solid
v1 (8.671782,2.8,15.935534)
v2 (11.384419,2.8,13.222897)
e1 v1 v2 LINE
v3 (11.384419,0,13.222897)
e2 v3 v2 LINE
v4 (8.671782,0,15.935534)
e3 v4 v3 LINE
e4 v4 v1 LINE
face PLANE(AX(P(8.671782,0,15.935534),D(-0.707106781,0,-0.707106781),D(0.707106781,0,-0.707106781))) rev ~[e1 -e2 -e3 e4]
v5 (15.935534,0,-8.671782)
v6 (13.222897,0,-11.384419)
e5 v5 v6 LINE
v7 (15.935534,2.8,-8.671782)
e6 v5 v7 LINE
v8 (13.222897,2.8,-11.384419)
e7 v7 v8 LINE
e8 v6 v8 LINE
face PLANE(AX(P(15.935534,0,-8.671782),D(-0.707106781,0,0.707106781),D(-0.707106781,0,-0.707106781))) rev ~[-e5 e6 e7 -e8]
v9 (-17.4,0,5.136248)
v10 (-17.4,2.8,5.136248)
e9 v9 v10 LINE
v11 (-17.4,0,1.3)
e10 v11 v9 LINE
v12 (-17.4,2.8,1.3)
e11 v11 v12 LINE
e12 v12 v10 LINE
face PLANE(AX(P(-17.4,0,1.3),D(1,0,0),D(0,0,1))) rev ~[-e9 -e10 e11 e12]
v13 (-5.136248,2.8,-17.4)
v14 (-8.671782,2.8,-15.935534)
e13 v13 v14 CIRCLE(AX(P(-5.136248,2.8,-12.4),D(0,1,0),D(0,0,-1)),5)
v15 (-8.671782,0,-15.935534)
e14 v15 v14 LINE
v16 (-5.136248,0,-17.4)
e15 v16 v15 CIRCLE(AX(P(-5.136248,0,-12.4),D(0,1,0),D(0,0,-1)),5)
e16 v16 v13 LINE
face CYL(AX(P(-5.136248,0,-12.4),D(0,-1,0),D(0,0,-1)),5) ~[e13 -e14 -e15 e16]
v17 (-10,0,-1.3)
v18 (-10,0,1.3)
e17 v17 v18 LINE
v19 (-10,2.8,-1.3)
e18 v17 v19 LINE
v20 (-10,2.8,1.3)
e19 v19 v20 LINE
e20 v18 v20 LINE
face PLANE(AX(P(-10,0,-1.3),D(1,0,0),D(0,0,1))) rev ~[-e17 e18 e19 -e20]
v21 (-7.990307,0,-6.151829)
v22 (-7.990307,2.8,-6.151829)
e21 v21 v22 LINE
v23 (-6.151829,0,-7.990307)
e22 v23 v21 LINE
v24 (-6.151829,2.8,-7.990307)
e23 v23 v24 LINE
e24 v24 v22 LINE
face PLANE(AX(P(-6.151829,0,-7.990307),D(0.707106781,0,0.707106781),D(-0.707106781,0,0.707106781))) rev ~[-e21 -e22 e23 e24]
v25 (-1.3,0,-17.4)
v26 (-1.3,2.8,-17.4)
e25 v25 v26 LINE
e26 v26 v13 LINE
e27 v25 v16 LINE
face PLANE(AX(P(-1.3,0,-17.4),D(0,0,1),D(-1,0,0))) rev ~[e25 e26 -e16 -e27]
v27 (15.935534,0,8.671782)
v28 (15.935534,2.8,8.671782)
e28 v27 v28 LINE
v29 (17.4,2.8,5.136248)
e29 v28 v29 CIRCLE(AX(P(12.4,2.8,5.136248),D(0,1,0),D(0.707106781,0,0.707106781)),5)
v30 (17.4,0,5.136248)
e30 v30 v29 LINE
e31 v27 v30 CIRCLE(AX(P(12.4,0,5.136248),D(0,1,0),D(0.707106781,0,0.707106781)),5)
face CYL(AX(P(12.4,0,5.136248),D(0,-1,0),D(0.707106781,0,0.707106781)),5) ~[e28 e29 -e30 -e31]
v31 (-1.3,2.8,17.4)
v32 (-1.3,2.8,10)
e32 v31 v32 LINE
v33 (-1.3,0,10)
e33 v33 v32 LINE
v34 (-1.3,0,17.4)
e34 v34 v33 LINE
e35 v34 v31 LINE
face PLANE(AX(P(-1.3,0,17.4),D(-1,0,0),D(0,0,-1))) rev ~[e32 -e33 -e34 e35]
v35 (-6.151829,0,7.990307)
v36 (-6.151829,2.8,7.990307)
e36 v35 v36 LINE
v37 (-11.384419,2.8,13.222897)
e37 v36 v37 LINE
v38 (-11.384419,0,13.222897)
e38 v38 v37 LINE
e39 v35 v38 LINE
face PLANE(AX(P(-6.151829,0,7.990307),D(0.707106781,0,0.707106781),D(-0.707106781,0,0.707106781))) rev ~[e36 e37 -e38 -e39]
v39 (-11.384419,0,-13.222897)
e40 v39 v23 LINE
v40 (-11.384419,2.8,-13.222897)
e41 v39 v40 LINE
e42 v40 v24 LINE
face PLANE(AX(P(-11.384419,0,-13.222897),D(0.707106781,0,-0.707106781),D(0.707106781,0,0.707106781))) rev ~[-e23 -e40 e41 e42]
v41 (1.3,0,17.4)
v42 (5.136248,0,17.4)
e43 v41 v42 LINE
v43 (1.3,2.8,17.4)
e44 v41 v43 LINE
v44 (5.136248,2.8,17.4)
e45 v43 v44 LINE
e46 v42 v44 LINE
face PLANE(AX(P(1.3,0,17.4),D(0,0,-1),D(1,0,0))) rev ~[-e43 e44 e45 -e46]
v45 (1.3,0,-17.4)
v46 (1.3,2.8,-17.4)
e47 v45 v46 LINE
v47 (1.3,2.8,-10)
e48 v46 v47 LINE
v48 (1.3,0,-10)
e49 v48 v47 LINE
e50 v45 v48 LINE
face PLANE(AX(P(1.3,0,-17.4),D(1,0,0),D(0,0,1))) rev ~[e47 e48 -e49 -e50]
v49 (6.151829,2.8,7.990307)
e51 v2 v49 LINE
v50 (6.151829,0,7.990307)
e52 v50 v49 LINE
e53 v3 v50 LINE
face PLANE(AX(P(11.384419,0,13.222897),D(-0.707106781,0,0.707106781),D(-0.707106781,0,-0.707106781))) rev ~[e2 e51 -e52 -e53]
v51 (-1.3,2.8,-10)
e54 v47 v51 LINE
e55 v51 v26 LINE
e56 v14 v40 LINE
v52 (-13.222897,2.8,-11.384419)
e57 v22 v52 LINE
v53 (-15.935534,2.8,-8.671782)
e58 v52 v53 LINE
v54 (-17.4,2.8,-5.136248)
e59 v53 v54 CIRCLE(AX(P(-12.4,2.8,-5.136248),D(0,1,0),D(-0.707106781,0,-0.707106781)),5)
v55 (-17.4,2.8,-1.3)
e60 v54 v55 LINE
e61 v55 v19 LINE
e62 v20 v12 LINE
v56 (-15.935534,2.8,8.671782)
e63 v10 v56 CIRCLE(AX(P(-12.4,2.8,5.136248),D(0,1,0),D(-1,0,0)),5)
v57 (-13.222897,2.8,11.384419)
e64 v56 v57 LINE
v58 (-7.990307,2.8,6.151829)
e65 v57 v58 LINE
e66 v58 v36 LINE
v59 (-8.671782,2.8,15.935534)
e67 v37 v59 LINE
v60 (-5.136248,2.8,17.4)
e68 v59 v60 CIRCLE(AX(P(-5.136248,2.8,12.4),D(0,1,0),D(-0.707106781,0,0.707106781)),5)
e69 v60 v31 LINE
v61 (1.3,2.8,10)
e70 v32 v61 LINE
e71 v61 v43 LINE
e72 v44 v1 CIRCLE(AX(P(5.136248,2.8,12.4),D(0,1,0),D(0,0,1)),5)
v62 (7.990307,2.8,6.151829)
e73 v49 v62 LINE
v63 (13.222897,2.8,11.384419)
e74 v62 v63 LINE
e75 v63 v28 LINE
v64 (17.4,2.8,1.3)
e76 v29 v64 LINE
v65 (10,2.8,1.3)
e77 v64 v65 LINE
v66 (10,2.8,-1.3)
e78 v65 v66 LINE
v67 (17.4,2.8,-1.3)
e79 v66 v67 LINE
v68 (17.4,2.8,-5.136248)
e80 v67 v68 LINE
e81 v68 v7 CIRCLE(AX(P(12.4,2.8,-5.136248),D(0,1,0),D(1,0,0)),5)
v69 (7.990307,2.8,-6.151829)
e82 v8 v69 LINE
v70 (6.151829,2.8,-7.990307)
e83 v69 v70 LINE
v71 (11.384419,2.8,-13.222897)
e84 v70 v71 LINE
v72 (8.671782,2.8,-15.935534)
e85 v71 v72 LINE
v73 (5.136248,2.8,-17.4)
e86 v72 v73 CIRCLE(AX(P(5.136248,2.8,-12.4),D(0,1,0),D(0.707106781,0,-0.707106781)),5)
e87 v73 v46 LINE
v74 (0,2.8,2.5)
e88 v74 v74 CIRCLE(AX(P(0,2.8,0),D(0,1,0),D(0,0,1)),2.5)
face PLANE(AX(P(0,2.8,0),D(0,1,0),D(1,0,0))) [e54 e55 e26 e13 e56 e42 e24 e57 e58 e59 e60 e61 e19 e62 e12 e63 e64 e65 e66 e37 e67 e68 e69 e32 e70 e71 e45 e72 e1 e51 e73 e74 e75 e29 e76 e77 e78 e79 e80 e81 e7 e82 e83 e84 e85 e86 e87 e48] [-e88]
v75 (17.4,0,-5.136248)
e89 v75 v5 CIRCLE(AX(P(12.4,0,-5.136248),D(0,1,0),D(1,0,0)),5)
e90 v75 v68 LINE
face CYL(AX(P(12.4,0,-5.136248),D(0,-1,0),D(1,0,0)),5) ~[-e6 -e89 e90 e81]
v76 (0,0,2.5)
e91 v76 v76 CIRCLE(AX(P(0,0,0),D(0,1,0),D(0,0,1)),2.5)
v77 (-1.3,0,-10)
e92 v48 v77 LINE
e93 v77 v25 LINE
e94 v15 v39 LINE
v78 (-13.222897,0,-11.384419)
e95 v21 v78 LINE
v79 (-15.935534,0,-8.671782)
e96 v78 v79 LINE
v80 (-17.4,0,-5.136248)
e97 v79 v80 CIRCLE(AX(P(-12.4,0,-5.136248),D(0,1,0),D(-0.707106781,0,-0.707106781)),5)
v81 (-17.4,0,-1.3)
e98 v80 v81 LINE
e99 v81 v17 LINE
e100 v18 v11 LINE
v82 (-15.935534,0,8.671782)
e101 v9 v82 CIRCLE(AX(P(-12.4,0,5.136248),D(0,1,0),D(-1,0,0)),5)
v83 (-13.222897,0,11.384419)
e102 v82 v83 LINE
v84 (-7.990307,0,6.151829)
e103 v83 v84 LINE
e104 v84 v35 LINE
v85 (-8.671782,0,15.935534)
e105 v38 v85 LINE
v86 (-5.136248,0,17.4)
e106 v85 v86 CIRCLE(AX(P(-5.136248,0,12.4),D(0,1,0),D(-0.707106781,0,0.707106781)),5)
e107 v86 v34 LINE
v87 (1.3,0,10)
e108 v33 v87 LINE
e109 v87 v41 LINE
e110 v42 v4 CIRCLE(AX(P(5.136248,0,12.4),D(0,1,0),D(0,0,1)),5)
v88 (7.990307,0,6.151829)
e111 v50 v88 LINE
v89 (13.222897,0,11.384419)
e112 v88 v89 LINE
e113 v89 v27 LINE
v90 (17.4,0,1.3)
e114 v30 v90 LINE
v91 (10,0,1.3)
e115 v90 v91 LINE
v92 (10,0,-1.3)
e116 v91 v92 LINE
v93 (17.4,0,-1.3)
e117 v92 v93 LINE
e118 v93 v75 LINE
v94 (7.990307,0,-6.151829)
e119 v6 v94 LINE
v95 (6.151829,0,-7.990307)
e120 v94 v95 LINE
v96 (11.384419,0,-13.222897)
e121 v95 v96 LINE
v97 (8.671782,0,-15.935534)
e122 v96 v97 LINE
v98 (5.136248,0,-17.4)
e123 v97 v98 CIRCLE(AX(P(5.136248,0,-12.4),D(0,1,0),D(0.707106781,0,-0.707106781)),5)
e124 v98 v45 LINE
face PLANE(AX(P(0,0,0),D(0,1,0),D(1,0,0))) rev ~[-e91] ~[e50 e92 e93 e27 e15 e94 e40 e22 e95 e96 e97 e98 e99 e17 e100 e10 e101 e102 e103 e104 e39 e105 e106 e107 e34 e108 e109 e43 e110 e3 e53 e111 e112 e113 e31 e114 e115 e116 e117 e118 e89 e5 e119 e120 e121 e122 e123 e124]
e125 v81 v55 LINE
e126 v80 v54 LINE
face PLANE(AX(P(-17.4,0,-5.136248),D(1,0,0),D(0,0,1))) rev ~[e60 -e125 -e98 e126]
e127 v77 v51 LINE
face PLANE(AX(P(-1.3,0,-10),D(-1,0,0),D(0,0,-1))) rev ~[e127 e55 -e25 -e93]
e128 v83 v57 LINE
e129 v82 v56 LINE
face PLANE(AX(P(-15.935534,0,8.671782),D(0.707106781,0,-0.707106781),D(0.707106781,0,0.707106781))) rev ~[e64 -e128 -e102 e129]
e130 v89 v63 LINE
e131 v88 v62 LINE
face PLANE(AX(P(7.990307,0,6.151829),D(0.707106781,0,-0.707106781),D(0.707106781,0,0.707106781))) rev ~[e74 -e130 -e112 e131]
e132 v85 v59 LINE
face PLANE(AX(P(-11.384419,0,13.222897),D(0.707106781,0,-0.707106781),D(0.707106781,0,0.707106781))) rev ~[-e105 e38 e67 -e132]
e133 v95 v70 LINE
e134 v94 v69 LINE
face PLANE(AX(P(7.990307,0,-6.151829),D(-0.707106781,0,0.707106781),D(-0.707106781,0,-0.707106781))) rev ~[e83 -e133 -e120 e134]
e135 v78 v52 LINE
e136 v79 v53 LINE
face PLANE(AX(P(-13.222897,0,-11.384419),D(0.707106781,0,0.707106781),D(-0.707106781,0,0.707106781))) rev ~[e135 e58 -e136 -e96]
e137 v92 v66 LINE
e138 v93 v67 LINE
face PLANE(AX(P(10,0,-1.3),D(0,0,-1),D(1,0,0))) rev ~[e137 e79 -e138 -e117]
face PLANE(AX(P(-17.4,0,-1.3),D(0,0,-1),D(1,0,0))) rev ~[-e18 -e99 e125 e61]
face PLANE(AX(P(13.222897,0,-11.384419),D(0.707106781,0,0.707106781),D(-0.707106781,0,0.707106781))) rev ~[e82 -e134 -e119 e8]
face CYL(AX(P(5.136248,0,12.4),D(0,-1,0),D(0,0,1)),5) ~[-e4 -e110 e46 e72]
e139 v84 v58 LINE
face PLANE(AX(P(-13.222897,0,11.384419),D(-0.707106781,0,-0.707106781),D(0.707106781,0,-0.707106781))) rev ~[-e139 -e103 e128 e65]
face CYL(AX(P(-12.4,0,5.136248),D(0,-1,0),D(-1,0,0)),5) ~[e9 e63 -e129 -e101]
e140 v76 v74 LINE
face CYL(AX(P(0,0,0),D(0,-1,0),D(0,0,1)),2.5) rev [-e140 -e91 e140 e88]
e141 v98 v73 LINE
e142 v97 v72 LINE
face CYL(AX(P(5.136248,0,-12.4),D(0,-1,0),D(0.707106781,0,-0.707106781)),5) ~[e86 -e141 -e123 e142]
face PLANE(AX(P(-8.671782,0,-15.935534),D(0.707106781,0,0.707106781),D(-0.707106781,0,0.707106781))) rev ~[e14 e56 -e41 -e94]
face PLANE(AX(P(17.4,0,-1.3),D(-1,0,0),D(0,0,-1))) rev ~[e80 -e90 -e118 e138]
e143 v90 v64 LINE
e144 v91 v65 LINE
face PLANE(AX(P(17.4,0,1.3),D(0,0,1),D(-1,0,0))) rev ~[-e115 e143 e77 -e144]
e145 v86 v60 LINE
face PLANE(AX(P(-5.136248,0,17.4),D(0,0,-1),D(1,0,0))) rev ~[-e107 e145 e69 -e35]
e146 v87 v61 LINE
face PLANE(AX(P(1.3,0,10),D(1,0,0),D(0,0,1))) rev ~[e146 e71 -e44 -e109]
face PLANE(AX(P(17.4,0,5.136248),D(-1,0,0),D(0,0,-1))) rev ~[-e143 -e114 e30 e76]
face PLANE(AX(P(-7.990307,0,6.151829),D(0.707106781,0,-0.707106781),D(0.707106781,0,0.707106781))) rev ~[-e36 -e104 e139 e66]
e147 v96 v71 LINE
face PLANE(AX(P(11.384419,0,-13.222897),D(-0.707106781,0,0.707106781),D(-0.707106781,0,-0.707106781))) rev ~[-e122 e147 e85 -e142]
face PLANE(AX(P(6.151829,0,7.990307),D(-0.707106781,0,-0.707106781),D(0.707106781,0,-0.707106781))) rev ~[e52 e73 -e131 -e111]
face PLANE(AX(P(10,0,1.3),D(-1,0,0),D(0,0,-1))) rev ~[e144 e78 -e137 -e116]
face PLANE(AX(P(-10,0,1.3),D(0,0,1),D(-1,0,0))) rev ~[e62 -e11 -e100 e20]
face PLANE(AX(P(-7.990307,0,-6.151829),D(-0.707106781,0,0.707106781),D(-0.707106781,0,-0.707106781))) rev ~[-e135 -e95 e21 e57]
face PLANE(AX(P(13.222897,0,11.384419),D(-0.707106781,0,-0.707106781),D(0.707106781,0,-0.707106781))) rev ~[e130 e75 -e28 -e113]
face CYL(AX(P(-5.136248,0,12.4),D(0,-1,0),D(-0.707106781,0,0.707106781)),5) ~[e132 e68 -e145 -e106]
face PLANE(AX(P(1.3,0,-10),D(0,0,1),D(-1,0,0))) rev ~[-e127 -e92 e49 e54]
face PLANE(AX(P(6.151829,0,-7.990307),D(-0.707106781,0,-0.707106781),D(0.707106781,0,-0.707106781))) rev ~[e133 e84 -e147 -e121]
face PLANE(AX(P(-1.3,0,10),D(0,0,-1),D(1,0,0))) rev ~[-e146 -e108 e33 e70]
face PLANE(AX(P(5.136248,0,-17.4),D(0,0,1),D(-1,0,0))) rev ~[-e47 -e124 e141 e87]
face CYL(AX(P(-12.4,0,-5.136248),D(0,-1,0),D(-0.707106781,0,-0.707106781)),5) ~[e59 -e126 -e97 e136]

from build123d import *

# Parameters (mm, degrees)
SKETCH1_R           = 2.5
BOSS_EXTRUDE1_DEPTH = 2.8


with BuildPart() as part:
    # Sketch1 → Boss-Extrude1 (new body)
    with BuildSketch(Plane(origin=(0, 0, 0), x_dir=(1, 0, 0), z_dir=(0, 1, 0))):
        with BuildLine():
            Line((-1.3, -17.4), (-1.3, -10))
            Line((-1.3, -10), (1.3, -10))
            Line((1.3, -10), (1.3, -17.4))
            Line((1.3, -17.4), (5.136248173, -17.4))
            ThreePointArc((5.136248173, -17.4), (7.049665335, -17.019397663), (8.671782079, -15.935533906))
            Line((8.671782079, -15.935533906), (11.384419177, -13.222896808))
            Line((11.384419177, -13.222896808), (6.151828996, -7.990306627))
            Line((6.151828996, -7.990306627), (7.990306627, -6.151828996))
            Line((7.990306627, -6.151828996), (13.222896808, -11.384419177))
            Line((13.222896808, -11.384419177), (15.935533906, -8.671782079))
            ThreePointArc((15.935533906, -8.671782079), (17.019397663, -7.049665335), (17.4, -5.136248173))
            Line((17.4, -5.136248173), (17.4, -1.3))
            Line((17.4, -1.3), (10, -1.3))
            Line((10, -1.3), (10, 1.3))
            Line((10, 1.3), (17.4, 1.3))
            Line((17.4, 1.3), (17.4, 5.136248173))
            ThreePointArc((17.4, 5.136248173), (17.019397663, 7.049665335), (15.935533906, 8.671782079))
            Line((15.935533906, 8.671782079), (13.222896808, 11.384419177))
            Line((13.222896808, 11.384419177), (7.990306627, 6.151828996))
            Line((7.990306627, 6.151828996), (6.151828996, 7.990306627))
            Line((6.151828996, 7.990306627), (11.384419177, 13.222896808))
            Line((11.384419177, 13.222896808), (8.671782079, 15.935533906))
            ThreePointArc((8.671782079, 15.935533906), (7.049665335, 17.019397663), (5.136248173, 17.4))
            Line((5.136248173, 17.4), (1.3, 17.4))
            Line((1.3, 17.4), (1.3, 10))
            Line((1.3, 10), (-1.3, 10))
            Line((-1.3, 10), (-1.3, 17.4))
            Line((-1.3, 17.4), (-5.136248173, 17.4))
            ThreePointArc((-5.136248173, 17.4), (-7.049665335, 17.019397663), (-8.671782079, 15.935533906))
            Line((-8.671782079, 15.935533906), (-11.384419177, 13.222896808))
            Line((-11.384419177, 13.222896808), (-6.151828996, 7.990306627))
            Line((-6.151828996, 7.990306627), (-7.990306627, 6.151828996))
            Line((-7.990306627, 6.151828996), (-13.222896808, 11.384419177))
            Line((-13.222896808, 11.384419177), (-15.935533906, 8.671782079))
            ThreePointArc((-15.935533906, 8.671782079), (-17.019397663, 7.049665335), (-17.4, 5.136248173))
            Line((-17.4, 5.136248173), (-17.4, 1.3))
            Line((-17.4, 1.3), (-10, 1.3))
            Line((-10, 1.3), (-10, -1.3))
            Line((-10, -1.3), (-17.4, -1.3))
            Line((-17.4, -1.3), (-17.4, -5.136248173))
            ThreePointArc((-17.4, -5.136248173), (-17.019397663, -7.049665335), (-15.935533906, -8.671782079))
            Line((-15.935533906, -8.671782079), (-13.222896808, -11.384419177))
            Line((-13.222896808, -11.384419177), (-7.990306627, -6.151828996))
            Line((-7.990306627, -6.151828996), (-6.151828996, -7.990306627))
            Line((-6.151828996, -7.990306627), (-11.384419177, -13.222896808))
            Line((-11.384419177, -13.222896808), (-8.671782079, -15.935533906))
            ThreePointArc((-8.671782079, -15.935533906), (-7.049665335, -17.019397663), (-5.136248173, -17.4))
            Line((-5.136248173, -17.4), (-1.3, -17.4))
        make_face()
        with Locations(Location((0, 0, 0), (0, 0, 270))):  # turned: the seam where the file's is
            Circle(SKETCH1_R, mode=Mode.SUBTRACT)
    extrude(amount=BOSS_EXTRUDE1_DEPTH)


solid = part.part
